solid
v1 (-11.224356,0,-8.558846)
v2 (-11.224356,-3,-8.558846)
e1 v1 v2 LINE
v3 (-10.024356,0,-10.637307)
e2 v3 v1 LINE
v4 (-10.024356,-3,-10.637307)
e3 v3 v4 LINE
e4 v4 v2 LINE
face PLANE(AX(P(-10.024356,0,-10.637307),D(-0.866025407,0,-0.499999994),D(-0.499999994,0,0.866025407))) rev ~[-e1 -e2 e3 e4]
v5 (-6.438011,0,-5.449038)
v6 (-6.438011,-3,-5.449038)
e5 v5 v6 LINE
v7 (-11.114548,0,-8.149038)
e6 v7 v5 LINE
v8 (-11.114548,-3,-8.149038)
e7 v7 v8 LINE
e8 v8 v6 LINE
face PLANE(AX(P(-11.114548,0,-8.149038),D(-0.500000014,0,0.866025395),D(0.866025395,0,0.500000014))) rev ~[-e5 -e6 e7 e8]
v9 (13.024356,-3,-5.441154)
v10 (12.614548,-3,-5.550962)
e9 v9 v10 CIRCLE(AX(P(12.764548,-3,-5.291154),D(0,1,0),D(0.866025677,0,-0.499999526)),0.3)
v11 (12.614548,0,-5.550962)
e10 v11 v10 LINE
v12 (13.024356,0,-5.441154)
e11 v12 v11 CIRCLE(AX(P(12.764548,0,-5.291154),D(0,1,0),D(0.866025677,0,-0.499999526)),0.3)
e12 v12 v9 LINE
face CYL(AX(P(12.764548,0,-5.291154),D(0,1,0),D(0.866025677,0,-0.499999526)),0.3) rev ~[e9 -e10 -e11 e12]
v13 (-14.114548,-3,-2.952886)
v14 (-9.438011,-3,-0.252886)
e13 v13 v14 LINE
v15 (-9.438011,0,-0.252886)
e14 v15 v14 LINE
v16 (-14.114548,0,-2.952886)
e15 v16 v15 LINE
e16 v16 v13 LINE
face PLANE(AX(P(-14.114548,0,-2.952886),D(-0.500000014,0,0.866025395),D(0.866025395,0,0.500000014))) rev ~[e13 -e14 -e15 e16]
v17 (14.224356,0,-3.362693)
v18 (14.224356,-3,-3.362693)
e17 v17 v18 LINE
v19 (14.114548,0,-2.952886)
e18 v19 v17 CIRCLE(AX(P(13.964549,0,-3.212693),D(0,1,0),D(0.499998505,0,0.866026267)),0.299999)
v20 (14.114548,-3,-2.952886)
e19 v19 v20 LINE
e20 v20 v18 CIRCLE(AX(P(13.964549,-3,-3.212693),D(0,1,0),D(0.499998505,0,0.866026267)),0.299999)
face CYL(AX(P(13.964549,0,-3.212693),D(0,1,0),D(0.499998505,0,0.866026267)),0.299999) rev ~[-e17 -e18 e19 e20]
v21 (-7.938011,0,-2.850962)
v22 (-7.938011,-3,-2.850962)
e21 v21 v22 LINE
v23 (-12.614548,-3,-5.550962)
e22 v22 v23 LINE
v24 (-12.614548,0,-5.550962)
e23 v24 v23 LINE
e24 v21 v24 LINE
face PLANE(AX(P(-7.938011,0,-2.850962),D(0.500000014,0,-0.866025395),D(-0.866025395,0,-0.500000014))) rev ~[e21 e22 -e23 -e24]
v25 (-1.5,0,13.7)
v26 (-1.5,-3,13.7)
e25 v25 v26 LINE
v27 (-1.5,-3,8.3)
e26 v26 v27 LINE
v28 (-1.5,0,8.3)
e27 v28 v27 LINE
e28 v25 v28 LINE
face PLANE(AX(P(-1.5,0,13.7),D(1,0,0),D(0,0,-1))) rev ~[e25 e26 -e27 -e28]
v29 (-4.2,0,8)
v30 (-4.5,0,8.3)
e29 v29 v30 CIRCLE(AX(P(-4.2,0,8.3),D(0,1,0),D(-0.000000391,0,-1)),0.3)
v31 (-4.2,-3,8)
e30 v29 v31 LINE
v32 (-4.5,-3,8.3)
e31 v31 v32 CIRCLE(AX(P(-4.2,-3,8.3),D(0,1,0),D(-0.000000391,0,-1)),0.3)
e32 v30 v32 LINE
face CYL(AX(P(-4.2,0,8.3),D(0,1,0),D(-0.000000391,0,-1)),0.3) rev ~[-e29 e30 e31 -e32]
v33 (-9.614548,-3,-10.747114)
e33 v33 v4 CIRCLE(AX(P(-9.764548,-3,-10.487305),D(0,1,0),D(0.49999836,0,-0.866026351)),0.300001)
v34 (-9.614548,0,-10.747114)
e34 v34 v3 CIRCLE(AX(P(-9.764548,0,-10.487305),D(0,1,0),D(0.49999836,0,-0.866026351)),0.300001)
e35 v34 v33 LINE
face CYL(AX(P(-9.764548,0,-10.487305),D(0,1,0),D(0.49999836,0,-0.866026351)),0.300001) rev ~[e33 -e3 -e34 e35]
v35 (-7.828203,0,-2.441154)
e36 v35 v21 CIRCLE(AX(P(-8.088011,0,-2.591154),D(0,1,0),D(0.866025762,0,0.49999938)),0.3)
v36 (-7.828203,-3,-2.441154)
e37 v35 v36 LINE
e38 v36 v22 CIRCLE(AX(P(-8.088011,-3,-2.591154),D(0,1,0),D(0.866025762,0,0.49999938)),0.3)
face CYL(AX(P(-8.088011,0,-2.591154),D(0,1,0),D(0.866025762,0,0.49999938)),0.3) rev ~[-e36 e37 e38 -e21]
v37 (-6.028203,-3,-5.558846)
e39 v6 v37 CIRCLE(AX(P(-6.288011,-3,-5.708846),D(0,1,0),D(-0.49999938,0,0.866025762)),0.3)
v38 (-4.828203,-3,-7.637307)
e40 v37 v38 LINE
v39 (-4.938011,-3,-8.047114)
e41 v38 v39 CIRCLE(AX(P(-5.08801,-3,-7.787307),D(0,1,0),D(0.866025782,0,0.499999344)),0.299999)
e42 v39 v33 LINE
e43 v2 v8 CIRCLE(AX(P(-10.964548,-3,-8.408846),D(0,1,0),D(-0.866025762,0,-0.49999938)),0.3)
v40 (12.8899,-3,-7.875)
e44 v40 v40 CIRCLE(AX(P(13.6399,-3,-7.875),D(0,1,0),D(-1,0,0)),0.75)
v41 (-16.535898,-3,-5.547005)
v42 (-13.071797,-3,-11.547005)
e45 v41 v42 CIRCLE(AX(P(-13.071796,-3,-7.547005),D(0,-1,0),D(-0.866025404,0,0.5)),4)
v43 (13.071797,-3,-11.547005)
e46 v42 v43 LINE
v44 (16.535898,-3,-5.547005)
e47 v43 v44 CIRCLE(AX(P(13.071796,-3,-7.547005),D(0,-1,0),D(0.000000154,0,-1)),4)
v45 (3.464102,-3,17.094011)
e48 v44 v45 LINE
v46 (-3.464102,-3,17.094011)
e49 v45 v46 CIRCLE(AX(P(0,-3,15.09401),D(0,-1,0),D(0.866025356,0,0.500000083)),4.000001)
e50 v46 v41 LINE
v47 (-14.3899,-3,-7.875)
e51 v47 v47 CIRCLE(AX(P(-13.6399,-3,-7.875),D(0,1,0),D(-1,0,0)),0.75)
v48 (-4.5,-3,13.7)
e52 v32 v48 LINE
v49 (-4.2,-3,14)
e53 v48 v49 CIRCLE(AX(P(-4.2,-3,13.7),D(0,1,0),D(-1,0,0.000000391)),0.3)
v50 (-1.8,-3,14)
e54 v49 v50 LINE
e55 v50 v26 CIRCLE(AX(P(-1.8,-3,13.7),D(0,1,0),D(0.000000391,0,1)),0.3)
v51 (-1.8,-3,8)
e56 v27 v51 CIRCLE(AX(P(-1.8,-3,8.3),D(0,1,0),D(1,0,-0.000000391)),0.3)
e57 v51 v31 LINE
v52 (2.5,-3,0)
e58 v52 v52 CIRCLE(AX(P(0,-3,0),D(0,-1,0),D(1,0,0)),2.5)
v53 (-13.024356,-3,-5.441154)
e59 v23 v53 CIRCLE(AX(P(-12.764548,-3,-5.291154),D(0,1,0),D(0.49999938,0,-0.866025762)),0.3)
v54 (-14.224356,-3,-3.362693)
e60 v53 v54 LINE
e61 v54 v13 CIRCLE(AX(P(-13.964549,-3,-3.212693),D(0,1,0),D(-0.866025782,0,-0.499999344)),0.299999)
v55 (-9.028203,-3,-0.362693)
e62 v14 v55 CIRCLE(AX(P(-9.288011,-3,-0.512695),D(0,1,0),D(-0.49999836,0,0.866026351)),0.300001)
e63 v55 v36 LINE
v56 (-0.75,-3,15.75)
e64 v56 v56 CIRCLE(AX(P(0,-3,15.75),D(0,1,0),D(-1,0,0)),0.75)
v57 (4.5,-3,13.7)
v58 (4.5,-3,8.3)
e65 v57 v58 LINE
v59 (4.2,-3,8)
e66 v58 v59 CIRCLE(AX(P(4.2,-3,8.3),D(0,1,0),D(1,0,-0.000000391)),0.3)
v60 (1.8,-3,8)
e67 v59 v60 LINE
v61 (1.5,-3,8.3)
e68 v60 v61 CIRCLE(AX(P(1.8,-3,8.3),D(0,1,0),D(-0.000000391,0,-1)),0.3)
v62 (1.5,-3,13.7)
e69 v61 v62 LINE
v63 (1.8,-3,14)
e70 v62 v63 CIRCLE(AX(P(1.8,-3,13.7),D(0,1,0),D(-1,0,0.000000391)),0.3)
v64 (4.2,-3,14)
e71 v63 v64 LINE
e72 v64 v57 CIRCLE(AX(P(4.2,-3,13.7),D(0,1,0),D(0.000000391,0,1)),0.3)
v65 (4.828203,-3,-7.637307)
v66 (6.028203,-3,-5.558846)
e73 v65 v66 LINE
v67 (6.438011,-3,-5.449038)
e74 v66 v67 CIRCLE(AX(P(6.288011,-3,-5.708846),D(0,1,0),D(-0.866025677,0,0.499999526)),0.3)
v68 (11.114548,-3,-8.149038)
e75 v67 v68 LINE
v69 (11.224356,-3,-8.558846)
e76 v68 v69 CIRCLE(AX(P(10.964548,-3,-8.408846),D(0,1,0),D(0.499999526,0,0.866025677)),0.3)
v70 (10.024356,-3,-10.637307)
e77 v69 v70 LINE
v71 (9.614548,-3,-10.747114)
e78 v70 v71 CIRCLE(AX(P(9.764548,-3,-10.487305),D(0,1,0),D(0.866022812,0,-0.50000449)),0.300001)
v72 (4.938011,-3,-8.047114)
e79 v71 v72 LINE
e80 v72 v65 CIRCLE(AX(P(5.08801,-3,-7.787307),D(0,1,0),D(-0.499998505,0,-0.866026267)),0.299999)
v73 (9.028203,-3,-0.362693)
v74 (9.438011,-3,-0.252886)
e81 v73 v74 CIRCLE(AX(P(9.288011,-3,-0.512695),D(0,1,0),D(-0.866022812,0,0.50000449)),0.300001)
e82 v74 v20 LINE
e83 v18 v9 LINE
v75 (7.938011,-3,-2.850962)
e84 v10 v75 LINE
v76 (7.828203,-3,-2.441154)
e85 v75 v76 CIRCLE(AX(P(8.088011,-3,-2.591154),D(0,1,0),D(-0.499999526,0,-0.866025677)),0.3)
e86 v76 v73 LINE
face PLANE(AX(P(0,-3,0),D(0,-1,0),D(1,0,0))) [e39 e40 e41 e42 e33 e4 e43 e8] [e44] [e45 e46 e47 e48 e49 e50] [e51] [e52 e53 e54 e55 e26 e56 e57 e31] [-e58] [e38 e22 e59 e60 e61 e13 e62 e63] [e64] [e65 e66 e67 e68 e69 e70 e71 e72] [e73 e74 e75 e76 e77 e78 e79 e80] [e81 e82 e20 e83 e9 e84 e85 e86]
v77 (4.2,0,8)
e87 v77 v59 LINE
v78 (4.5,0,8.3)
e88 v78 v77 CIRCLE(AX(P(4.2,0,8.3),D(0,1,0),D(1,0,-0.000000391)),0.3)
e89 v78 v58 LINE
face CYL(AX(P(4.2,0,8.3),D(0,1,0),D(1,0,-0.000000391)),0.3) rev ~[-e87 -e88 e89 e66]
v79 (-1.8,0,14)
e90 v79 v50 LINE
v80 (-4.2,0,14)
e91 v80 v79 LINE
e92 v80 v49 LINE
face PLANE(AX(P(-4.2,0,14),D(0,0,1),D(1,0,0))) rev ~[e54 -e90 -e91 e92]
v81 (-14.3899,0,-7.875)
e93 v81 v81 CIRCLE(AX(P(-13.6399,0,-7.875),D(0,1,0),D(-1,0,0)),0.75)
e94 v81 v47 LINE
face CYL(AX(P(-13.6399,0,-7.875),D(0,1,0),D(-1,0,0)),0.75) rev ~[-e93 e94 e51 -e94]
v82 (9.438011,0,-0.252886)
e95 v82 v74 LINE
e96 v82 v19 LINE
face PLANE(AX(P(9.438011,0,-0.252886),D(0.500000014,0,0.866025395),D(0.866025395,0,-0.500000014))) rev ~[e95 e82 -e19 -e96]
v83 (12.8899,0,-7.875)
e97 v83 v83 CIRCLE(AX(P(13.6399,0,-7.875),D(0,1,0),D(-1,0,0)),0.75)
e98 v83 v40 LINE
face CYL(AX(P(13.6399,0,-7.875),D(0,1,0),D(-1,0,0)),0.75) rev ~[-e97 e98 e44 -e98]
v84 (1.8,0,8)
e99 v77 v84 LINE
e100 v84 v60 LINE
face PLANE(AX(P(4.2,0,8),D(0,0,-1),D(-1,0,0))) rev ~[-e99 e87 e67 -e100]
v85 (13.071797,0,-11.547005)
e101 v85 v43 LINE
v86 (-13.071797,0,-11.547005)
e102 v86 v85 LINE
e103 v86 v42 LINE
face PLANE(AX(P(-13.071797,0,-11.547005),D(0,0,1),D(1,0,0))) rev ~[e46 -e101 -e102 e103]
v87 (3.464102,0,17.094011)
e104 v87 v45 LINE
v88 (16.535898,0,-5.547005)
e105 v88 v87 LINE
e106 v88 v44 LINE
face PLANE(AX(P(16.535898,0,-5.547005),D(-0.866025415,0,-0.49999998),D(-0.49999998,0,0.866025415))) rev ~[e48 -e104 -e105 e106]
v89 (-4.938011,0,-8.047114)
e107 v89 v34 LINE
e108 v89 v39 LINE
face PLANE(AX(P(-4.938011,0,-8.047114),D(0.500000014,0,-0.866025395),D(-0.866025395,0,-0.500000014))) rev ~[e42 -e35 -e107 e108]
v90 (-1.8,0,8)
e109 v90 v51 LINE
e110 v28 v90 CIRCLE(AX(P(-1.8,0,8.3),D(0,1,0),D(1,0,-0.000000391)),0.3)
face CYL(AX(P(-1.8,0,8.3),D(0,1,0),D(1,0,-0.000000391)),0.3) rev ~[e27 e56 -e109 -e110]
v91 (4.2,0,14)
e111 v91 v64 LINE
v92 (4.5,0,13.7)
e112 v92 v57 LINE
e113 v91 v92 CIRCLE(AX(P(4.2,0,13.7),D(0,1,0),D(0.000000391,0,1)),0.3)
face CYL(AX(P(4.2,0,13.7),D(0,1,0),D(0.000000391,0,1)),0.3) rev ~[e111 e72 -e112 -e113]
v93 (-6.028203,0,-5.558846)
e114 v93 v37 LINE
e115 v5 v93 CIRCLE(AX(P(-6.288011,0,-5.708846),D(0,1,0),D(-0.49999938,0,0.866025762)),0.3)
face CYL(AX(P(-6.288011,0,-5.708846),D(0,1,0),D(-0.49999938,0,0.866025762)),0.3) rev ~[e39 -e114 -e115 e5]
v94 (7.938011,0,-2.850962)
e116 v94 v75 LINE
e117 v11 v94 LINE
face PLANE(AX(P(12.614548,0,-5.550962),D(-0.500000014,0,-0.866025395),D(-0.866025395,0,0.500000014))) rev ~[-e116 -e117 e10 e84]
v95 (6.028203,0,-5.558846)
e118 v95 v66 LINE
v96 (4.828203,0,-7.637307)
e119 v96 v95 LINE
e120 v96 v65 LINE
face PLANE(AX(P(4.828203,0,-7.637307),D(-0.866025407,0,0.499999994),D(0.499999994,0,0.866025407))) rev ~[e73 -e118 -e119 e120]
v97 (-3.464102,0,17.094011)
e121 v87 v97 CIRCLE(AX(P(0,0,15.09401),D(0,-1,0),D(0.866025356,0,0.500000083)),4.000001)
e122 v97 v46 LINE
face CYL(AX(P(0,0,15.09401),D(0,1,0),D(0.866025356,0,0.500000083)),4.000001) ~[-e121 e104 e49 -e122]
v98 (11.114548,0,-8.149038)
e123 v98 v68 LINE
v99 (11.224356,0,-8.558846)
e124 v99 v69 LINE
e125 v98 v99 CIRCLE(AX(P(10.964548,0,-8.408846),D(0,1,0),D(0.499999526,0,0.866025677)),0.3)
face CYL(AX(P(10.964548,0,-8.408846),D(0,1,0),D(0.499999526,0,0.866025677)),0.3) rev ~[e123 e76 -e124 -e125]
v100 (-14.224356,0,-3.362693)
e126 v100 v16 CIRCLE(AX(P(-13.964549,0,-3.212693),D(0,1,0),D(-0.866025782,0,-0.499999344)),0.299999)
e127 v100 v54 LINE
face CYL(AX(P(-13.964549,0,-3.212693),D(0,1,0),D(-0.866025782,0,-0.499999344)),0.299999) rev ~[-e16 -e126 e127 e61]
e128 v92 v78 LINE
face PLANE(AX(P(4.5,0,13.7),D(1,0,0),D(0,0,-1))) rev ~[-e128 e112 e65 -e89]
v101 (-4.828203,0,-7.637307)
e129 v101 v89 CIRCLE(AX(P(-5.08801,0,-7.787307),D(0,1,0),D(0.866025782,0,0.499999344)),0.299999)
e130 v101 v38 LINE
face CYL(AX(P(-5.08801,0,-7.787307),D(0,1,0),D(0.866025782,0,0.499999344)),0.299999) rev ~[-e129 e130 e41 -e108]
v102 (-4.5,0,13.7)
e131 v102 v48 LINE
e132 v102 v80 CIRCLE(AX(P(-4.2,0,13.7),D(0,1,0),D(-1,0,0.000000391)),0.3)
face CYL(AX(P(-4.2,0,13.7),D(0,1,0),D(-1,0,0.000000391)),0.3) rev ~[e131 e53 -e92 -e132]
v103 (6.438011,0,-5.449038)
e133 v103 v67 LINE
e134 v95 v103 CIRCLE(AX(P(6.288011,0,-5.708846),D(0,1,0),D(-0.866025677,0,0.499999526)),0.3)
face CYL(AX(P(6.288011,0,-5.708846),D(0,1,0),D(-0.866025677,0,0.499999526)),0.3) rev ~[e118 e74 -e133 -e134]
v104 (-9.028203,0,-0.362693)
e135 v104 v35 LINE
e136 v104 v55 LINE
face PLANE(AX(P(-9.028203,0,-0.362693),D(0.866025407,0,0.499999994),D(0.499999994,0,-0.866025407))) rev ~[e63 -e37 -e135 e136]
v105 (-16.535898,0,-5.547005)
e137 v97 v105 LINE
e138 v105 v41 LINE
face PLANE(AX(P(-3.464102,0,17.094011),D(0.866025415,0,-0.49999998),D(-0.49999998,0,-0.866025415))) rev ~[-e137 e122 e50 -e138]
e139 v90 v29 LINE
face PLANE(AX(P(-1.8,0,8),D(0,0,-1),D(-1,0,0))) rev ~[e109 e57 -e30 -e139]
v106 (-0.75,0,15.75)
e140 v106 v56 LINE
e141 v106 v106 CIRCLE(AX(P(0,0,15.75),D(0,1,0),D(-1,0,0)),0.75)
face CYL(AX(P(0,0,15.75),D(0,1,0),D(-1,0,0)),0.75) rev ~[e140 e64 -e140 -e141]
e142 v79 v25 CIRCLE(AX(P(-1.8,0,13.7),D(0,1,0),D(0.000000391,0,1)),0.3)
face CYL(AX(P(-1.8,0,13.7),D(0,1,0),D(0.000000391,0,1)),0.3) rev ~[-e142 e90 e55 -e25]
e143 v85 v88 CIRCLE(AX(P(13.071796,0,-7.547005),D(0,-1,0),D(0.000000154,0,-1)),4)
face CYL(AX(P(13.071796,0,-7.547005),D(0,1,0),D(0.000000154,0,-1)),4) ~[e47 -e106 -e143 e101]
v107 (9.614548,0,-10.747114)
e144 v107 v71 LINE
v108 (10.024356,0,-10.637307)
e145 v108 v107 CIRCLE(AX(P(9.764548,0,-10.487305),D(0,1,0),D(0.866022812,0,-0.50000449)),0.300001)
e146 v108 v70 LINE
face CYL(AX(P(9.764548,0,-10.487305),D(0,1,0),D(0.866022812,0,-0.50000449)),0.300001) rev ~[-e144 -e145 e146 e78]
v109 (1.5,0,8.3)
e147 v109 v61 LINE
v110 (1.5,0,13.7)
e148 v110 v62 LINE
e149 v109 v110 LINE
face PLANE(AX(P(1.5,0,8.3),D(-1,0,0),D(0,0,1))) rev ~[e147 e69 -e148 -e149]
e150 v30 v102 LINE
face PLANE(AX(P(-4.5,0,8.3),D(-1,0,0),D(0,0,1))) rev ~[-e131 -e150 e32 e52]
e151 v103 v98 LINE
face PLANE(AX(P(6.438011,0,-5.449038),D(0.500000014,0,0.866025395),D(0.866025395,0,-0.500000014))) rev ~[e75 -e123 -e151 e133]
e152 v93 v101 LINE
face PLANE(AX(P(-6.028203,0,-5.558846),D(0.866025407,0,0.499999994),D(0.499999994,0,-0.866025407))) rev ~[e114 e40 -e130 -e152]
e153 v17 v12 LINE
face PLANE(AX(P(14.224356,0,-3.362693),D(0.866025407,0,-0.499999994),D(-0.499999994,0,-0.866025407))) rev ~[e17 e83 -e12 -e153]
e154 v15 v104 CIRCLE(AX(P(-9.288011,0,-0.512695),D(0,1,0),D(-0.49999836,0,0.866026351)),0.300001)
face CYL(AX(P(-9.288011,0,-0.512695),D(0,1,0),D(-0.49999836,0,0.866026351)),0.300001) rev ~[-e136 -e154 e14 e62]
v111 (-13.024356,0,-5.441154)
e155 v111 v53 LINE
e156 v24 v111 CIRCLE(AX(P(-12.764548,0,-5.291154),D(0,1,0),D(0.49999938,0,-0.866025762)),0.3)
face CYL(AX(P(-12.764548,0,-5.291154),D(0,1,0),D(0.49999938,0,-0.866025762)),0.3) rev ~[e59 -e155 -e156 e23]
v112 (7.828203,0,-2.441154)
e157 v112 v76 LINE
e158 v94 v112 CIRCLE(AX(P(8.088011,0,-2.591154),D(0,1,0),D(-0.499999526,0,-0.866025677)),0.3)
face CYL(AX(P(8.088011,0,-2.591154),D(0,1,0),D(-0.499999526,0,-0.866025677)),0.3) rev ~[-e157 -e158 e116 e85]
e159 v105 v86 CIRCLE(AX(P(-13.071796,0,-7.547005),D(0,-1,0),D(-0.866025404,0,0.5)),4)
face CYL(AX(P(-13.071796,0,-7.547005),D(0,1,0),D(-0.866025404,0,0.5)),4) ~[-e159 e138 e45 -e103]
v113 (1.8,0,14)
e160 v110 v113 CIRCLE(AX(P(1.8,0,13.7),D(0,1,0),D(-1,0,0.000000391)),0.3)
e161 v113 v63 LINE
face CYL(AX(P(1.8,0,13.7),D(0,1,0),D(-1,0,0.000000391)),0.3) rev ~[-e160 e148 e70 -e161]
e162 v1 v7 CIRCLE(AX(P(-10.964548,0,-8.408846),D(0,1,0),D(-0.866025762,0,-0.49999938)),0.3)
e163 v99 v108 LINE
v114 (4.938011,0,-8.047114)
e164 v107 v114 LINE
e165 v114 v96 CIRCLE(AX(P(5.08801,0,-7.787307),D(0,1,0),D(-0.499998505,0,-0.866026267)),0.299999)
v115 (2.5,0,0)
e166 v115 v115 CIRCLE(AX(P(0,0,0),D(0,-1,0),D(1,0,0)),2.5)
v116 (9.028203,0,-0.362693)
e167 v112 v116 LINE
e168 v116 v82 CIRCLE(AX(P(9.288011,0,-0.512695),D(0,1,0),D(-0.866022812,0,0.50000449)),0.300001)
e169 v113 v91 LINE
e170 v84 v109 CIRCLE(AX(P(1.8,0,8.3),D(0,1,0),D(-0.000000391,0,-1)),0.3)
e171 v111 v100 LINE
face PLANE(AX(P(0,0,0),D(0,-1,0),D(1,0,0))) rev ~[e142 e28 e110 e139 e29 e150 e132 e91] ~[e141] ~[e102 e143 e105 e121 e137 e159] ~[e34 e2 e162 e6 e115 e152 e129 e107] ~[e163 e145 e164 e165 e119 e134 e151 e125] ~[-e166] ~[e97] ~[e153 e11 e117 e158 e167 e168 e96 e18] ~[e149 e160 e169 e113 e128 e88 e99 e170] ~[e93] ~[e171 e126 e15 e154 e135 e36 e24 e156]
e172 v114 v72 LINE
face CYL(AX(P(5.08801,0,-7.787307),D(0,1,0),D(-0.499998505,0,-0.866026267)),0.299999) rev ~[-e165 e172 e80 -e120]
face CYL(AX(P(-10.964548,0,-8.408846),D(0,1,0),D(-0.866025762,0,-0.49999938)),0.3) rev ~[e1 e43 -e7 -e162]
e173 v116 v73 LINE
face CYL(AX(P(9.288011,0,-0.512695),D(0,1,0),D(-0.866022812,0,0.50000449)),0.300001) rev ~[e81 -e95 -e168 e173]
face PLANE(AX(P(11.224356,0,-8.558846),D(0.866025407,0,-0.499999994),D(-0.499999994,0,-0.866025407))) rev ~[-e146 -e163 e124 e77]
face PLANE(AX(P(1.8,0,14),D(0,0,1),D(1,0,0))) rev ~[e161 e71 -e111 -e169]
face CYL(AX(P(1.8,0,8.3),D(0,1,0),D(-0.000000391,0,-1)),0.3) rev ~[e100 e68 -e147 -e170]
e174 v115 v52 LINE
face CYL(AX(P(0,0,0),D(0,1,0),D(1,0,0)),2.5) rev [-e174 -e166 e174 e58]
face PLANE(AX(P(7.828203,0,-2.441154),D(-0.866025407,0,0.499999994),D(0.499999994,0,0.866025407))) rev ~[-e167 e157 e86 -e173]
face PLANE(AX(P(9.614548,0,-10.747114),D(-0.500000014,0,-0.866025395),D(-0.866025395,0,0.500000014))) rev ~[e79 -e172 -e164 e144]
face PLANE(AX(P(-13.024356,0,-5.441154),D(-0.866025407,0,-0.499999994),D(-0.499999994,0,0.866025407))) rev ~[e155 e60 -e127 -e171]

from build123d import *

# Parameters (mm, degrees)
F0_R     = 2.5
F1_DEPTH = 3
F2_R     = 0.75
F3_DEPTH = 25


with BuildPart() as f1:
    # F0 (on Front) → F1 (new body)
    with BuildSketch(Plane.XZ):
        with BuildLine():
            Line((16.535898, -5.547005), (3.464102, 17.094011))
            ThreePointArc((3.464102, 17.094011), (0, 19.094011), (-3.464102, 17.094011))
            Line((-3.464102, 17.094011), (-16.535898, -5.547005))
            ThreePointArc((-16.535898, -5.547005), (-16.535898, -9.547005), (-13.071797, -11.547005))
            Line((-13.071797, -11.547005), (13.071797, -11.547005))
            ThreePointArc((13.071797, -11.547005), (16.535898, -9.547005), (16.535898, -5.547005))
        make_face()
        with BuildLine():
            Line((-11.114548, -8.149038), (-6.438011, -5.449038))
            ThreePointArc((-6.438011, -5.449038), (-6.210365, -5.419068), (-6.028203, -5.558846))
            Line((-6.028203, -5.558846), (-4.828203, -7.637307))
            ThreePointArc((-4.828203, -7.637307), (-4.798233, -7.864952), (-4.938011, -8.047114))
            Line((-4.938011, -8.047114), (-9.614548, -10.747114))
            ThreePointArc((-9.614548, -10.747114), (-9.842194, -10.777084), (-10.024356, -10.637307))
            Line((-10.024356, -10.637307), (-11.224356, -8.558846))
            ThreePointArc((-11.224356, -8.558846), (-11.254326, -8.3312), (-11.114548, -8.149038))
        make_face(mode=Mode.SUBTRACT)
        with BuildLine():
            ThreePointArc((-9.438011, -0.252886), (-9.210365, -0.222916), (-9.028203, -0.362693))
            Line((-9.028203, -0.362693), (-7.828203, -2.441154))
            ThreePointArc((-7.828203, -2.441154), (-7.798233, -2.6688), (-7.938011, -2.850962))
            Line((-7.938011, -2.850962), (-12.614548, -5.550962))
            ThreePointArc((-12.614548, -5.550962), (-12.842194, -5.580932), (-13.024356, -5.441154))
            Line((-13.024356, -5.441154), (-14.224356, -3.362693))
            ThreePointArc((-14.224356, -3.362693), (-14.254326, -3.135048), (-14.114548, -2.952886))
            Line((-14.114548, -2.952886), (-9.438011, -0.252886))
        make_face(mode=Mode.SUBTRACT)
        with BuildLine():
            ThreePointArc((4.938011, -8.047114), (4.798233, -7.864952), (4.828203, -7.637307))
            Line((4.828203, -7.637307), (6.028203, -5.558846))
            ThreePointArc((6.028203, -5.558846), (6.210365, -5.419068), (6.438011, -5.449038))
            Line((6.438011, -5.449038), (11.114548, -8.149038))
            ThreePointArc((11.114548, -8.149038), (11.254326, -8.3312), (11.224356, -8.558846))
            Line((11.224356, -8.558846), (10.024356, -10.637307))
            ThreePointArc((10.024356, -10.637307), (9.842194, -10.777084), (9.614548, -10.747114))
            Line((9.614548, -10.747114), (4.938011, -8.047114))
        make_face(mode=Mode.SUBTRACT)
        Circle(F0_R, mode=Mode.SUBTRACT)
        with BuildLine():
            Line((12.614548, -5.550962), (7.938011, -2.850962))
            ThreePointArc((7.938011, -2.850962), (7.798233, -2.6688), (7.828203, -2.441154))
            Line((7.828203, -2.441154), (9.028203, -0.362693))
            ThreePointArc((9.028203, -0.362693), (9.210365, -0.222916), (9.438011, -0.252886))
            Line((9.438011, -0.252886), (14.114548, -2.952886))
            ThreePointArc((14.114548, -2.952886), (14.254326, -3.135048), (14.224356, -3.362693))
            Line((14.224356, -3.362693), (13.024356, -5.441154))
            ThreePointArc((13.024356, -5.441154), (12.842194, -5.580932), (12.614548, -5.550962))
        make_face(mode=Mode.SUBTRACT)
        with BuildLine():
            ThreePointArc((-1.5, 8.3), (-1.587868, 8.087868), (-1.8, 8))
            Line((-1.8, 8), (-4.2, 8))
            ThreePointArc((-4.2, 8), (-4.412132, 8.087868), (-4.5, 8.3))
            Line((-4.5, 8.3), (-4.5, 13.7))
            ThreePointArc((-4.5, 13.7), (-4.412132, 13.912132), (-4.2, 14))
            Line((-4.2, 14), (-1.8, 14))
            ThreePointArc((-1.8, 14), (-1.587868, 13.912132), (-1.5, 13.7))
            Line((-1.5, 13.7), (-1.5, 8.3))
        make_face(mode=Mode.SUBTRACT)
        with BuildLine():
            ThreePointArc((4.5, 8.3), (4.412132, 8.087868), (4.2, 8))
            Line((4.2, 8), (1.8, 8))
            ThreePointArc((1.8, 8), (1.587868, 8.087868), (1.5, 8.3))
            Line((1.5, 8.3), (1.5, 13.7))
            ThreePointArc((1.5, 13.7), (1.587868, 13.912132), (1.8, 14))
            Line((1.8, 14), (4.2, 14))
            ThreePointArc((4.2, 14), (4.412132, 13.912132), (4.5, 13.7))
            Line((4.5, 13.7), (4.5, 8.3))
        make_face(mode=Mode.SUBTRACT)
    extrude(amount=F1_DEPTH)

    # F2 (on face) → F3 (cut)
    with BuildSketch(Plane(origin=(0, 0, 0), x_dir=(-1, 0, 0), z_dir=(0, 1, 0))):
        with Locations((0, 15.75)):
            Circle(F2_R)
        with Locations((-13.6399, -7.875)):
            Circle(F2_R)
        with Locations((13.6399, -7.875)):
            Circle(F2_R)
    extrude(amount=-F3_DEPTH, mode=Mode.SUBTRACT)


solid = f1.part
